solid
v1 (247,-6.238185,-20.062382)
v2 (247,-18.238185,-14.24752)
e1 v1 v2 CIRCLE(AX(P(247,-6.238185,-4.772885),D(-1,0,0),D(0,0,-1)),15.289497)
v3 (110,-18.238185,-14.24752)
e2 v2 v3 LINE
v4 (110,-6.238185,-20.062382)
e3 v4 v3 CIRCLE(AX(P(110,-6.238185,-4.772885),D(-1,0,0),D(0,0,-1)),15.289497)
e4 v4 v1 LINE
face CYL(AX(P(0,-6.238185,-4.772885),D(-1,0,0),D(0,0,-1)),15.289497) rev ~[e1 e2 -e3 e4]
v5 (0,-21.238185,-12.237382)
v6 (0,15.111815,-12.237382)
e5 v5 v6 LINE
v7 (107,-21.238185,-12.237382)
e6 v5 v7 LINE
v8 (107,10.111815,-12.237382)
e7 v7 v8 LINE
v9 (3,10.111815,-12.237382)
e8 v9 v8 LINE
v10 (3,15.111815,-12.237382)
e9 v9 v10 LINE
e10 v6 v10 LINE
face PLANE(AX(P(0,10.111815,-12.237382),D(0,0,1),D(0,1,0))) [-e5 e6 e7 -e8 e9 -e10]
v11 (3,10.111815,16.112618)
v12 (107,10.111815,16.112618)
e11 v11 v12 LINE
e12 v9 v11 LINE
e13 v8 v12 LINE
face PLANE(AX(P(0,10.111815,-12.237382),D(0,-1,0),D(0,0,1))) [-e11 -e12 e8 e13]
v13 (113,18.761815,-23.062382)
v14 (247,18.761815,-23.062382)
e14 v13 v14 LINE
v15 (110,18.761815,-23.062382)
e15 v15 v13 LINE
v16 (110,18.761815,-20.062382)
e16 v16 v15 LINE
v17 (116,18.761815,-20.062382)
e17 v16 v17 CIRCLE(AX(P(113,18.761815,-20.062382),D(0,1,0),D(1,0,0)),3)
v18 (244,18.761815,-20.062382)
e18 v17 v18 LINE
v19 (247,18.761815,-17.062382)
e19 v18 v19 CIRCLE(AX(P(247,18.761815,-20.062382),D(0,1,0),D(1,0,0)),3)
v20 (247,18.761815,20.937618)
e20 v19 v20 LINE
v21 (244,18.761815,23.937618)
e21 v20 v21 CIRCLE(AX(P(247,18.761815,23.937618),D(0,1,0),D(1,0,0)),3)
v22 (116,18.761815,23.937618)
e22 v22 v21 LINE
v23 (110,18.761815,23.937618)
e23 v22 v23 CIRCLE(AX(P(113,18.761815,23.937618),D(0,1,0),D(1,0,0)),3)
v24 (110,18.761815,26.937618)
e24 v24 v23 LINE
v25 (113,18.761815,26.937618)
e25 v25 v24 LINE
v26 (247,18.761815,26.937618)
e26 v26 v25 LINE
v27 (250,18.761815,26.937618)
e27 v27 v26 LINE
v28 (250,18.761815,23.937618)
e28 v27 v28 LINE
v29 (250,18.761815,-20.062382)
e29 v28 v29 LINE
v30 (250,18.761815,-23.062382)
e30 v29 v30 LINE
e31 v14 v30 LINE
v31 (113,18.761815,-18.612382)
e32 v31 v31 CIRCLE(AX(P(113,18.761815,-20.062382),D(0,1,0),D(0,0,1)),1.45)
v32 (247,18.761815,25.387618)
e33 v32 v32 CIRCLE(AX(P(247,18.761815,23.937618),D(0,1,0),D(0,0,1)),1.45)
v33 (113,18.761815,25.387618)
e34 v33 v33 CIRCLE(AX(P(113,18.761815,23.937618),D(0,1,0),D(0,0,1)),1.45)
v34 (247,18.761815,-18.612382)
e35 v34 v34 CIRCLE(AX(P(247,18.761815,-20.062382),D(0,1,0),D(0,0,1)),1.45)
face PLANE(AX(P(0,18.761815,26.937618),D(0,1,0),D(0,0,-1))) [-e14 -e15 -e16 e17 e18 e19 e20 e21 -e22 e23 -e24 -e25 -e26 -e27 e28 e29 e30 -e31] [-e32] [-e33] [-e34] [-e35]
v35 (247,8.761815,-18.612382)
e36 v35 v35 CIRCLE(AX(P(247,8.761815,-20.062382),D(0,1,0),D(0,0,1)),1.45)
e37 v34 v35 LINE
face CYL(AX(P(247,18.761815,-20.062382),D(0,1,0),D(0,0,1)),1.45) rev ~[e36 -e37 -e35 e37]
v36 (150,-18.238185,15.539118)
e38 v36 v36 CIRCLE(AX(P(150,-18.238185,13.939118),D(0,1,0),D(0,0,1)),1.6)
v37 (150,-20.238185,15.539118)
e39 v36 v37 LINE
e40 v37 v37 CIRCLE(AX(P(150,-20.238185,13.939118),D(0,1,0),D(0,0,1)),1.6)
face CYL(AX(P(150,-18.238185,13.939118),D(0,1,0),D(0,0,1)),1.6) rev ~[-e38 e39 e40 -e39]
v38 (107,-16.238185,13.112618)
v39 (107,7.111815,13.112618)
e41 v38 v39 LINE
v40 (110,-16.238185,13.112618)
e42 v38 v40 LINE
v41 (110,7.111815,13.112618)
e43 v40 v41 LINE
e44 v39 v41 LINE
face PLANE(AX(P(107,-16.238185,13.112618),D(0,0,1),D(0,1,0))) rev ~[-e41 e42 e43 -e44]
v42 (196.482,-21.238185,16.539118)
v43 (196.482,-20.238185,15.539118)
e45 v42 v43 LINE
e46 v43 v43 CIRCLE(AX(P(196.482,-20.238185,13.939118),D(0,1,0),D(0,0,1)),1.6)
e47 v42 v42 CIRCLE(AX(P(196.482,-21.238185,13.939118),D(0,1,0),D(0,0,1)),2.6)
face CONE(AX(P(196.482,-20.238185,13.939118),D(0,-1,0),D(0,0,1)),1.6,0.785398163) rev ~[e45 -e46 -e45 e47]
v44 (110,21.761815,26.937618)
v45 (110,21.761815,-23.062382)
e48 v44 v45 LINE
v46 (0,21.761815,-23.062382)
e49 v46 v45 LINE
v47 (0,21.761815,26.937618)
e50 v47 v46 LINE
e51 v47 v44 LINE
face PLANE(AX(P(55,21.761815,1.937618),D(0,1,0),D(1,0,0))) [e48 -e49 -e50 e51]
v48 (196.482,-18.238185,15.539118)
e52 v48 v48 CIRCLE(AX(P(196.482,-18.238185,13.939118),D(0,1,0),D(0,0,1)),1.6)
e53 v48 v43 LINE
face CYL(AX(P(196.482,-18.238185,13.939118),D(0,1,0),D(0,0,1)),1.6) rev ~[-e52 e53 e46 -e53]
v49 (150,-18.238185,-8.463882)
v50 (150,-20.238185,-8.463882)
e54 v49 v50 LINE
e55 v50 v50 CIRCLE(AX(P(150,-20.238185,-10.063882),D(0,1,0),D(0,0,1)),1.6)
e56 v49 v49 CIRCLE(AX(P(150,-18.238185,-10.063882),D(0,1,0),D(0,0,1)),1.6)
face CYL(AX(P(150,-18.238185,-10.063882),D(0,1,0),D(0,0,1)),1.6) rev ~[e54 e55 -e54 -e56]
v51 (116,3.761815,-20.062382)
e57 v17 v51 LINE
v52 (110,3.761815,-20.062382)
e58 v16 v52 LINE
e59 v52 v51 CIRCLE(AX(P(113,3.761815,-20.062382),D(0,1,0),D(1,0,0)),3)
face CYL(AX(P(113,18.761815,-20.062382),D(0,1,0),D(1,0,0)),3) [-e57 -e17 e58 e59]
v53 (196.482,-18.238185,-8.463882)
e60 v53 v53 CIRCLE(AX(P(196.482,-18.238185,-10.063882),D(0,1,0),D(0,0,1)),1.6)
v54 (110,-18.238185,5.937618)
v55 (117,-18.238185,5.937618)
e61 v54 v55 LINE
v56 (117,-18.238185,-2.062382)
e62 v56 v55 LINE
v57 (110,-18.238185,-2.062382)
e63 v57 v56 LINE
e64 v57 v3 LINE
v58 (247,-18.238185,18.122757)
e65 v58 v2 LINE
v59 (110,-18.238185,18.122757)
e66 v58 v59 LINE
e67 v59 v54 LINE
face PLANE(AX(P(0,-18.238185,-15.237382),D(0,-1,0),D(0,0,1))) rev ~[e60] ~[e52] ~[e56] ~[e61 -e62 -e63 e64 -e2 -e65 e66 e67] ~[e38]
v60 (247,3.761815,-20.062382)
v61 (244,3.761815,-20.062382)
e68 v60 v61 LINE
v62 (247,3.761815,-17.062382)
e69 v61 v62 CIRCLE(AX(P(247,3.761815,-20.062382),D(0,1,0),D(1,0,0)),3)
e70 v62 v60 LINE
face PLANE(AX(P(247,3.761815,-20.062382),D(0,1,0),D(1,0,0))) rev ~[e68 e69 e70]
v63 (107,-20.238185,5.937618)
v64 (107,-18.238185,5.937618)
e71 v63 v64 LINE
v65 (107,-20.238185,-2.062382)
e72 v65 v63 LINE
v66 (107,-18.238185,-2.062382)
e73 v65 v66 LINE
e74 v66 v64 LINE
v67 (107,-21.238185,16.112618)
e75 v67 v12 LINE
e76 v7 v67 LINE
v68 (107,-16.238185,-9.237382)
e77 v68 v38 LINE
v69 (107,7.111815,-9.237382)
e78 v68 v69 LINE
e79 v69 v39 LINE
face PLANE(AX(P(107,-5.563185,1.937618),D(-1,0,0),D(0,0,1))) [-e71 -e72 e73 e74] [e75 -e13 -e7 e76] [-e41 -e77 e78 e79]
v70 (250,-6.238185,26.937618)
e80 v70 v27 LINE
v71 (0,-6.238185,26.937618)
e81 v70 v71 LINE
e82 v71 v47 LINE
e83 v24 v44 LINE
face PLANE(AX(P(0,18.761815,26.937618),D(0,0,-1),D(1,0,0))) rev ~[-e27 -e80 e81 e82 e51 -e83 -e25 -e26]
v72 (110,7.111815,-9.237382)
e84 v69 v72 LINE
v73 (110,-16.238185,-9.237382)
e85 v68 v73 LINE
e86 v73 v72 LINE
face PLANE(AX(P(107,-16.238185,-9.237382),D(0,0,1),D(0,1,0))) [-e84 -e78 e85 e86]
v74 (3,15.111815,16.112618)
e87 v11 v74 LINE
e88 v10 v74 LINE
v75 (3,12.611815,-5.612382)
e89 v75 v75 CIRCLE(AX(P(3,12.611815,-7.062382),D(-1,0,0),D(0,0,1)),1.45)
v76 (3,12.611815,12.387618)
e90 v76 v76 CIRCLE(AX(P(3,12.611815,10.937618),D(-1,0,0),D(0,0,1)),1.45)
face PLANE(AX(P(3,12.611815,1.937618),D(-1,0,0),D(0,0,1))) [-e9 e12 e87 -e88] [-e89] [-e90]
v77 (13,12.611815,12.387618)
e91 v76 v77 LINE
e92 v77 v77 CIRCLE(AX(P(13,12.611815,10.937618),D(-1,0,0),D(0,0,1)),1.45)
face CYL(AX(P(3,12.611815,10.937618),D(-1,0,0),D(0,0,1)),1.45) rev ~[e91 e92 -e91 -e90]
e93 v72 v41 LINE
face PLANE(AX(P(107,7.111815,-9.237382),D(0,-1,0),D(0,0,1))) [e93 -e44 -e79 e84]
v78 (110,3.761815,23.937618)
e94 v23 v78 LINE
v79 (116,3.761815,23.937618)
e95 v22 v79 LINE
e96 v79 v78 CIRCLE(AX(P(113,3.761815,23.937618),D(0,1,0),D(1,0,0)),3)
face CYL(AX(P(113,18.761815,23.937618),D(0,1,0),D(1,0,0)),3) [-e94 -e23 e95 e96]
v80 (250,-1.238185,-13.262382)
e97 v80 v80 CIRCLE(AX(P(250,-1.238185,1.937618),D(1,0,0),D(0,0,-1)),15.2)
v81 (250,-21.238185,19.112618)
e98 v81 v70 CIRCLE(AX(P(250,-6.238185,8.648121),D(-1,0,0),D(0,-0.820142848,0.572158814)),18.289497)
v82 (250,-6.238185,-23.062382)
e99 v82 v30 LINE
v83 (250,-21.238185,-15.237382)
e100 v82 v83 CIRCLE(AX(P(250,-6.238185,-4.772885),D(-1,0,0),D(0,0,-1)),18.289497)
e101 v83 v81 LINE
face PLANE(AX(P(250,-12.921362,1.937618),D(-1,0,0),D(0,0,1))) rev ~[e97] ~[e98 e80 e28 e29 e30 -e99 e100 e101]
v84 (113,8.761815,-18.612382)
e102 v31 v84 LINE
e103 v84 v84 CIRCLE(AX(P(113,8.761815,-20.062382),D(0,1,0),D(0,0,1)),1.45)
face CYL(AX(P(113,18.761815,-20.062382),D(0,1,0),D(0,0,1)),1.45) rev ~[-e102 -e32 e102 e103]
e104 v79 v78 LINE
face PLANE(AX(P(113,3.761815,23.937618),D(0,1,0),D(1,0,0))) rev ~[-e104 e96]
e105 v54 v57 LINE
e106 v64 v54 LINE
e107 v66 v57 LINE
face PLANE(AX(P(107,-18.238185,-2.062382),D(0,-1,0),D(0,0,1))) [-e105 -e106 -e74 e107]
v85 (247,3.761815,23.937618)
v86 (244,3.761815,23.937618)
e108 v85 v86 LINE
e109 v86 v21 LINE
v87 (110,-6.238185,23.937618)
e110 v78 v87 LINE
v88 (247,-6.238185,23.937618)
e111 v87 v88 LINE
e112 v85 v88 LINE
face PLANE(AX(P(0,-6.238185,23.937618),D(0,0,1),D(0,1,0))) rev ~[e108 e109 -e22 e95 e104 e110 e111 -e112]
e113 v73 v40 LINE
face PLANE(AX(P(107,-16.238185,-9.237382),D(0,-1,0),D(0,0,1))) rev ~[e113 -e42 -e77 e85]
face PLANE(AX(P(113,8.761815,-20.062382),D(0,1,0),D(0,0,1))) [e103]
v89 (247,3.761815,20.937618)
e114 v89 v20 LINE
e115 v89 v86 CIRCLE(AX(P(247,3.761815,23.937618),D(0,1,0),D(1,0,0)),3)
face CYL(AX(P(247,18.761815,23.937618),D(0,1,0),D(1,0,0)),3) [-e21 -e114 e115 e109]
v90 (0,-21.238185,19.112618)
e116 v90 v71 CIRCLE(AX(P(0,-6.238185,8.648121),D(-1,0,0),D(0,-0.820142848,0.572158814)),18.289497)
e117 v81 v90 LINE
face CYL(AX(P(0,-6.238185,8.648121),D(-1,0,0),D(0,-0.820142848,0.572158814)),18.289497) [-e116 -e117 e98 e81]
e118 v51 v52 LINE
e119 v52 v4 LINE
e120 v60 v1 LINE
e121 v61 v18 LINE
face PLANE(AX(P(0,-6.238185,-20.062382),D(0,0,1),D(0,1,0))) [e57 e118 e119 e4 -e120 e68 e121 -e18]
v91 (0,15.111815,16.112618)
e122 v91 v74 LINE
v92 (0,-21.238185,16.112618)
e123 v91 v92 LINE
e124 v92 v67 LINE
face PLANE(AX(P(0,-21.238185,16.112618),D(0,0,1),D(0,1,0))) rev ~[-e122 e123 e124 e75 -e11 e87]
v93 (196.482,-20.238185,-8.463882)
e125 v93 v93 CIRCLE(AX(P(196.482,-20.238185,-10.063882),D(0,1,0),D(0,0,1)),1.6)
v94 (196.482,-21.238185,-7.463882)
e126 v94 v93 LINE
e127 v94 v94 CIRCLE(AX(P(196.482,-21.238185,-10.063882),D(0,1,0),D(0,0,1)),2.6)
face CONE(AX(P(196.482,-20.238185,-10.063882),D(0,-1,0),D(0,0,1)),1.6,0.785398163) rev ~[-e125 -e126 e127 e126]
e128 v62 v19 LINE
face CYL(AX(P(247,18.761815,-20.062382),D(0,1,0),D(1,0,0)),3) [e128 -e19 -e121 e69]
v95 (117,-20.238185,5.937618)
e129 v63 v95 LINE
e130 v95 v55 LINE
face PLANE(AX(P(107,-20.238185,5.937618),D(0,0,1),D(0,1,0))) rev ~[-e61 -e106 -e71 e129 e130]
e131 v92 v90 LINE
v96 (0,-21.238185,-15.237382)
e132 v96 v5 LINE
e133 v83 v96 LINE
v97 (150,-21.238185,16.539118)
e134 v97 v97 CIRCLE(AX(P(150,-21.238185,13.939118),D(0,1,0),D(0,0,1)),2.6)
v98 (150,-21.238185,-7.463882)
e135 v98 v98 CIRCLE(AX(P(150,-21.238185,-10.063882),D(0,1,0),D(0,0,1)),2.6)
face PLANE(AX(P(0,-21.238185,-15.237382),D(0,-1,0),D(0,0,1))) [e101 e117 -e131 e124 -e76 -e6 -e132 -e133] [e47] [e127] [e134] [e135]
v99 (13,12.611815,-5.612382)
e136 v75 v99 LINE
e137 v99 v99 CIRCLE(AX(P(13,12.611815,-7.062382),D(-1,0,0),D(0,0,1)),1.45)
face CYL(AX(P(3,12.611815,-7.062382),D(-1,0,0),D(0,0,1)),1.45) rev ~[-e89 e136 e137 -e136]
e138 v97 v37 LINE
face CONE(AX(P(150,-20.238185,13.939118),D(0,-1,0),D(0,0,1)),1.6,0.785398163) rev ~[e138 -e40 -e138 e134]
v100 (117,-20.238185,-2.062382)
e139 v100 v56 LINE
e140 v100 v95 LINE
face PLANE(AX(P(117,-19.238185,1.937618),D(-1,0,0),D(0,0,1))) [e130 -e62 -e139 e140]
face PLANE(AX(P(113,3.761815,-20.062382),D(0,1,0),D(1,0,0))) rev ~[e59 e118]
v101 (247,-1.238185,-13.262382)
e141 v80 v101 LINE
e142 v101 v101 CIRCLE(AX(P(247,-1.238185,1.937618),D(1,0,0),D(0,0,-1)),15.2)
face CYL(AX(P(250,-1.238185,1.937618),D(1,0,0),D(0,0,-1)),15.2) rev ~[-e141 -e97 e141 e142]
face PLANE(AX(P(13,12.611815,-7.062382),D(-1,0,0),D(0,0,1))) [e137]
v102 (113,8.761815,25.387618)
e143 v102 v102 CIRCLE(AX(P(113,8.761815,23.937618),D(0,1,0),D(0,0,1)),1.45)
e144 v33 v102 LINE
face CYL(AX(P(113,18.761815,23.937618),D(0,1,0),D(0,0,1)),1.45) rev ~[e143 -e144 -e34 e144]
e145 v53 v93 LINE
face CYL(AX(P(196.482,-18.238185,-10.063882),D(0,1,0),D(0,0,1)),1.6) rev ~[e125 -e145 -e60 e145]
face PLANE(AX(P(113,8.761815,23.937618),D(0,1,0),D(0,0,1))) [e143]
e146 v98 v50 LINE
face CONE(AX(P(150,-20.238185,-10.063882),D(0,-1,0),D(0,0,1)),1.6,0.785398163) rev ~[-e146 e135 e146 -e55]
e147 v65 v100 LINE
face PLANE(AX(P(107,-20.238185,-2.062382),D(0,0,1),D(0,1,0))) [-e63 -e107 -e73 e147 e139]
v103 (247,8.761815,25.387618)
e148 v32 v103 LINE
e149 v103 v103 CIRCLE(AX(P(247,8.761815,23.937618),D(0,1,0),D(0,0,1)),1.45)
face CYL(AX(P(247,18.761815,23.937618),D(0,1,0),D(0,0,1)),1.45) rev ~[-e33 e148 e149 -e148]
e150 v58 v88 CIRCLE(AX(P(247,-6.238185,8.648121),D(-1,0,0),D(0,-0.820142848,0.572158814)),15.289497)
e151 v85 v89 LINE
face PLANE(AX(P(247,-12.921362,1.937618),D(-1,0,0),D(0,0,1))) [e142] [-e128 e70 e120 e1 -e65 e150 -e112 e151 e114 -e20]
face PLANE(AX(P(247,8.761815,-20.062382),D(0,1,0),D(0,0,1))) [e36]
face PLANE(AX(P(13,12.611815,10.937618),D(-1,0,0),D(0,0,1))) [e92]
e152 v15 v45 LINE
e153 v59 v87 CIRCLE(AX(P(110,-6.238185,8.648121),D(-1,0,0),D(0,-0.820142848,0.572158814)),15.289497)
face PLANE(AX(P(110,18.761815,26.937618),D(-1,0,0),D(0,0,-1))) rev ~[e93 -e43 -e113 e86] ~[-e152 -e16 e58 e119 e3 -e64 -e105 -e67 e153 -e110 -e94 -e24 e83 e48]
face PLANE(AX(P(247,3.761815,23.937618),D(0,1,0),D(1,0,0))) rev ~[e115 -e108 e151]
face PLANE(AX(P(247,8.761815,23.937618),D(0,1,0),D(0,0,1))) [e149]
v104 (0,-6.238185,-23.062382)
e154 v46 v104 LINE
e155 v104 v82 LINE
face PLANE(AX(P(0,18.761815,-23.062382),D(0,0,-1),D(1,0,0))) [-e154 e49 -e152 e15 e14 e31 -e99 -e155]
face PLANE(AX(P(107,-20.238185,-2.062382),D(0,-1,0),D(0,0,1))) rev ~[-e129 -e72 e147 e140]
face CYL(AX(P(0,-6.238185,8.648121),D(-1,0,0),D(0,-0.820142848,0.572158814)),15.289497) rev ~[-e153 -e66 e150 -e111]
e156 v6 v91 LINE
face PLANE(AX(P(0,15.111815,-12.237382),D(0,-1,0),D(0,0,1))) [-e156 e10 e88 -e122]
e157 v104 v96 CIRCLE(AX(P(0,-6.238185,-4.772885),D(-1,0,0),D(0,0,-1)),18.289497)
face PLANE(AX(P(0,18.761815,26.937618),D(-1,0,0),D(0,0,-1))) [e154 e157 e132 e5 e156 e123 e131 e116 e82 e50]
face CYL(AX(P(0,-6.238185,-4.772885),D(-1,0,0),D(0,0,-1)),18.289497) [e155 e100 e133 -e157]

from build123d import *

# Parameters (mm, degrees)
SKETCH1_W           = 50
SKETCH1_H           = 25
BOSS_EXTRUDE1_DEPTH = 250
SHELL1_T            = -3
SKETCH2_W           = 50
SKETCH2_H           = 25
BOSS_EXTRUDE2_DEPTH = 110
SKETCH3_W           = 28.35
SKETCH3_H           = 31.35
CUT_EXTRUDE1_DEPTH  = 107
SKETCH4_W           = 28.35
SKETCH4_H           = 5
CUT_EXTRUDE2_DEPTH  = 3
SKETCH5_R           = 1.45
CUT_EXTRUDE3_DEPTH  = 10
SKETCH6_W           = 8
SKETCH6_H           = 2
CUT_EXTRUDE4_DEPTH  = 10
SKETCH7_W           = 22.35
SKETCH7_H           = 23.35
CUT_EXTRUDE5_DEPTH  = 10
SKETCH9_W           = 110
SKETCH9_H           = 50
BOSS_EXTRUDE3_DEPTH = 3
SKETCH10_R          = 15.2
CUT_EXTRUDE6_DEPTH  = 3
SKETCH11_R          = 3
BOSS_EXTRUDE4_DEPTH = 15
SKETCH12_R          = 1.45
CUT_EXTRUDE7_DEPTH  = 10
SKETCH13_R          = 1.6
CUT_EXTRUDE8_DEPTH  = 10
CHAMFER1_SIZE       = 1


with BuildPart() as part:
    # Sketch1 → Boss-Extrude1 (new body)
    with BuildSketch(Plane(origin=(0, 0, 0), x_dir=(0, 0, -1), z_dir=(1, 0, 0))):
        with BuildLine():
            ThreePointArc((23.062381853, -6.238185255), (20.988557625, -14.697361116), (15.237381853, -21.238185255))
            Line((15.237381853, -21.238185255), (-19.112618147, -21.238185255))
            ThreePointArc((-19.112618147, -21.238185255), (-24.86379392, -14.697361116), (-26.937618147, -6.238185255))
            Line((-26.937618147, -6.238185255), (23.062381853, -6.238185255))
        make_face()
        with Locations((-1.937618147, 6.261814745)):
            Rectangle(SKETCH1_W, SKETCH1_H)
    extrude(amount=BOSS_EXTRUDE1_DEPTH)

    # Shell1
    shell1_openings = [part.faces().sort_by_distance(p)[0] for p in [
        (125, 18.761814745, 1.937618147),
    ]]
    offset(amount=SHELL1_T, openings=shell1_openings, kind=Kind.INTERSECTION)

    # Sketch2 → Boss-Extrude2 (add)
    with BuildSketch(Plane.ZY):
        with Locations((1.937618147, 6.261814745)):
            Rectangle(SKETCH2_W, SKETCH2_H)
        with BuildLine():
            Line((-23.062381853, -6.238185255), (26.937618147, -6.238185255))
            ThreePointArc((26.937618147, -6.238185255), (24.86379392, -14.697361116), (19.112618147, -21.238185255))
            Line((19.112618147, -21.238185255), (-15.237381853, -21.238185255))
            ThreePointArc((-15.237381853, -21.238185255), (-20.988557625, -14.697361116), (-23.062381853, -6.238185255))
        make_face()
    extrude(amount=-BOSS_EXTRUDE2_DEPTH)

    # Sketch3 → Cut-Extrude1 (cut)
    with BuildSketch(Plane.ZY):
        with Locations((1.937618147, -5.563185255)):
            Rectangle(SKETCH3_W, SKETCH3_H)
    extrude(amount=-CUT_EXTRUDE1_DEPTH, mode=Mode.SUBTRACT)

    # Sketch4 → Cut-Extrude2 (cut)
    with BuildSketch(Plane.ZY):
        with Locations((1.937618147, 12.611814745)):
            Rectangle(SKETCH4_W, SKETCH4_H)
    extrude(amount=-CUT_EXTRUDE2_DEPTH, mode=Mode.SUBTRACT)

    # Sketch5 → Cut-Extrude3 (cut)
    with BuildSketch(Plane.ZY.offset(-3)):
        with Locations((-7.062381853, 12.611814745)):
            Circle(SKETCH5_R)
        with Locations((10.937618147, 12.611814745)):
            Circle(SKETCH5_R)
    extrude(amount=-CUT_EXTRUDE3_DEPTH, mode=Mode.SUBTRACT)

    # Sketch6 → Cut-Extrude4 (cut)
    with BuildSketch(Plane.ZY.offset(-107)):
        with Locations((1.937618147, -19.238185255)):
            Rectangle(SKETCH6_W, SKETCH6_H)
    extrude(amount=-CUT_EXTRUDE4_DEPTH, mode=Mode.SUBTRACT)

    # Sketch7 → Cut-Extrude5 (cut)
    with BuildSketch(Plane.ZY.offset(-107)):
        with Locations((1.937618147, -4.563185255)):
            Rectangle(SKETCH7_W, SKETCH7_H)
    extrude(amount=-CUT_EXTRUDE5_DEPTH, mode=Mode.SUBTRACT)

    # Sketch9 → Boss-Extrude3 (add)
    with BuildSketch(Plane(origin=(0, 18.761814745, 0), x_dir=(1, 0, 0), z_dir=(0, 1, 0))):
        with Locations((55, -1.937618147)):
            Rectangle(SKETCH9_W, SKETCH9_H)
    extrude(amount=BOSS_EXTRUDE3_DEPTH)

    # Sketch10 → Cut-Extrude6 (cut)
    with BuildSketch(Plane(origin=(250, 0, 0), x_dir=(0, 0, -1), z_dir=(1, 0, 0))):
        with Locations((-1.937618147, -1.238185255)):
            Circle(SKETCH10_R)
    extrude(amount=-CUT_EXTRUDE6_DEPTH, mode=Mode.SUBTRACT)

    # Sketch11 → Boss-Extrude4 (add)
    with BuildSketch(Plane(origin=(0, 18.761814745, 0), x_dir=(1, 0, 0), z_dir=(0, 1, 0))):
        with Locations((247, -23.937618147)):
            Circle(SKETCH11_R)
        with Locations((247, 20.062381853)):
            Circle(SKETCH11_R)
        with Locations((113, 20.062381853)):
            Circle(SKETCH11_R)
        with Locations((113, -23.937618147)):
            Circle(SKETCH11_R)
    extrude(amount=-BOSS_EXTRUDE4_DEPTH)

    # Sketch12 → Cut-Extrude7 (cut)
    with BuildSketch(Plane(origin=(0, 18.761814745, 0), x_dir=(1, 0, 0), z_dir=(0, 1, 0))):
        with Locations(Location((113, 20.062381853, 0), (0, 0, 270))):
            Circle(SKETCH12_R)
        with Locations(Location((113, -23.937618147, 0), (0, 0, 270))):
            Circle(SKETCH12_R)
        with Locations(Location((247, -23.937618147, 0), (0, 0, 270))):
            Circle(SKETCH12_R)
        with Locations(Location((247, 20.062381853, 0), (0, 0, 270))):
            Circle(SKETCH12_R)
    extrude(amount=-CUT_EXTRUDE7_DEPTH, mode=Mode.SUBTRACT)

    # Sketch13 → Cut-Extrude8 (cut)
    with BuildSketch(Plane(origin=(0, -18.238185255, 0), x_dir=(1, 0, 0), z_dir=(0, 1, 0))):
        with Locations(Location((150, 10.063881853, 0), (0, 0, 270))):
            Circle(SKETCH13_R)
        with Locations(Location((150, -13.939118147, 0), (0, 0, 270))):
            Circle(SKETCH13_R)
        with Locations(Location((196.482, -13.939118147, 0), (0, 0, 270))):
            Circle(SKETCH13_R)
        with Locations(Location((196.482, 10.063881853, 0), (0, 0, 270))):
            Circle(SKETCH13_R)
    extrude(amount=-CUT_EXTRUDE8_DEPTH, mode=Mode.SUBTRACT)

    # Chamfer1
    chamfer1_edges = [part.edges().sort_by_distance(p)[0] for p in [
        (196.482, -21.238185255, -11.663881853),
        (196.482, -21.238185255, 12.339118147),
        (150, -21.238185255, 12.339118147),
        (150, -21.238185255, -11.663881853),
    ]]
    chamfer(chamfer1_edges, length=CHAMFER1_SIZE)


solid = part.part
